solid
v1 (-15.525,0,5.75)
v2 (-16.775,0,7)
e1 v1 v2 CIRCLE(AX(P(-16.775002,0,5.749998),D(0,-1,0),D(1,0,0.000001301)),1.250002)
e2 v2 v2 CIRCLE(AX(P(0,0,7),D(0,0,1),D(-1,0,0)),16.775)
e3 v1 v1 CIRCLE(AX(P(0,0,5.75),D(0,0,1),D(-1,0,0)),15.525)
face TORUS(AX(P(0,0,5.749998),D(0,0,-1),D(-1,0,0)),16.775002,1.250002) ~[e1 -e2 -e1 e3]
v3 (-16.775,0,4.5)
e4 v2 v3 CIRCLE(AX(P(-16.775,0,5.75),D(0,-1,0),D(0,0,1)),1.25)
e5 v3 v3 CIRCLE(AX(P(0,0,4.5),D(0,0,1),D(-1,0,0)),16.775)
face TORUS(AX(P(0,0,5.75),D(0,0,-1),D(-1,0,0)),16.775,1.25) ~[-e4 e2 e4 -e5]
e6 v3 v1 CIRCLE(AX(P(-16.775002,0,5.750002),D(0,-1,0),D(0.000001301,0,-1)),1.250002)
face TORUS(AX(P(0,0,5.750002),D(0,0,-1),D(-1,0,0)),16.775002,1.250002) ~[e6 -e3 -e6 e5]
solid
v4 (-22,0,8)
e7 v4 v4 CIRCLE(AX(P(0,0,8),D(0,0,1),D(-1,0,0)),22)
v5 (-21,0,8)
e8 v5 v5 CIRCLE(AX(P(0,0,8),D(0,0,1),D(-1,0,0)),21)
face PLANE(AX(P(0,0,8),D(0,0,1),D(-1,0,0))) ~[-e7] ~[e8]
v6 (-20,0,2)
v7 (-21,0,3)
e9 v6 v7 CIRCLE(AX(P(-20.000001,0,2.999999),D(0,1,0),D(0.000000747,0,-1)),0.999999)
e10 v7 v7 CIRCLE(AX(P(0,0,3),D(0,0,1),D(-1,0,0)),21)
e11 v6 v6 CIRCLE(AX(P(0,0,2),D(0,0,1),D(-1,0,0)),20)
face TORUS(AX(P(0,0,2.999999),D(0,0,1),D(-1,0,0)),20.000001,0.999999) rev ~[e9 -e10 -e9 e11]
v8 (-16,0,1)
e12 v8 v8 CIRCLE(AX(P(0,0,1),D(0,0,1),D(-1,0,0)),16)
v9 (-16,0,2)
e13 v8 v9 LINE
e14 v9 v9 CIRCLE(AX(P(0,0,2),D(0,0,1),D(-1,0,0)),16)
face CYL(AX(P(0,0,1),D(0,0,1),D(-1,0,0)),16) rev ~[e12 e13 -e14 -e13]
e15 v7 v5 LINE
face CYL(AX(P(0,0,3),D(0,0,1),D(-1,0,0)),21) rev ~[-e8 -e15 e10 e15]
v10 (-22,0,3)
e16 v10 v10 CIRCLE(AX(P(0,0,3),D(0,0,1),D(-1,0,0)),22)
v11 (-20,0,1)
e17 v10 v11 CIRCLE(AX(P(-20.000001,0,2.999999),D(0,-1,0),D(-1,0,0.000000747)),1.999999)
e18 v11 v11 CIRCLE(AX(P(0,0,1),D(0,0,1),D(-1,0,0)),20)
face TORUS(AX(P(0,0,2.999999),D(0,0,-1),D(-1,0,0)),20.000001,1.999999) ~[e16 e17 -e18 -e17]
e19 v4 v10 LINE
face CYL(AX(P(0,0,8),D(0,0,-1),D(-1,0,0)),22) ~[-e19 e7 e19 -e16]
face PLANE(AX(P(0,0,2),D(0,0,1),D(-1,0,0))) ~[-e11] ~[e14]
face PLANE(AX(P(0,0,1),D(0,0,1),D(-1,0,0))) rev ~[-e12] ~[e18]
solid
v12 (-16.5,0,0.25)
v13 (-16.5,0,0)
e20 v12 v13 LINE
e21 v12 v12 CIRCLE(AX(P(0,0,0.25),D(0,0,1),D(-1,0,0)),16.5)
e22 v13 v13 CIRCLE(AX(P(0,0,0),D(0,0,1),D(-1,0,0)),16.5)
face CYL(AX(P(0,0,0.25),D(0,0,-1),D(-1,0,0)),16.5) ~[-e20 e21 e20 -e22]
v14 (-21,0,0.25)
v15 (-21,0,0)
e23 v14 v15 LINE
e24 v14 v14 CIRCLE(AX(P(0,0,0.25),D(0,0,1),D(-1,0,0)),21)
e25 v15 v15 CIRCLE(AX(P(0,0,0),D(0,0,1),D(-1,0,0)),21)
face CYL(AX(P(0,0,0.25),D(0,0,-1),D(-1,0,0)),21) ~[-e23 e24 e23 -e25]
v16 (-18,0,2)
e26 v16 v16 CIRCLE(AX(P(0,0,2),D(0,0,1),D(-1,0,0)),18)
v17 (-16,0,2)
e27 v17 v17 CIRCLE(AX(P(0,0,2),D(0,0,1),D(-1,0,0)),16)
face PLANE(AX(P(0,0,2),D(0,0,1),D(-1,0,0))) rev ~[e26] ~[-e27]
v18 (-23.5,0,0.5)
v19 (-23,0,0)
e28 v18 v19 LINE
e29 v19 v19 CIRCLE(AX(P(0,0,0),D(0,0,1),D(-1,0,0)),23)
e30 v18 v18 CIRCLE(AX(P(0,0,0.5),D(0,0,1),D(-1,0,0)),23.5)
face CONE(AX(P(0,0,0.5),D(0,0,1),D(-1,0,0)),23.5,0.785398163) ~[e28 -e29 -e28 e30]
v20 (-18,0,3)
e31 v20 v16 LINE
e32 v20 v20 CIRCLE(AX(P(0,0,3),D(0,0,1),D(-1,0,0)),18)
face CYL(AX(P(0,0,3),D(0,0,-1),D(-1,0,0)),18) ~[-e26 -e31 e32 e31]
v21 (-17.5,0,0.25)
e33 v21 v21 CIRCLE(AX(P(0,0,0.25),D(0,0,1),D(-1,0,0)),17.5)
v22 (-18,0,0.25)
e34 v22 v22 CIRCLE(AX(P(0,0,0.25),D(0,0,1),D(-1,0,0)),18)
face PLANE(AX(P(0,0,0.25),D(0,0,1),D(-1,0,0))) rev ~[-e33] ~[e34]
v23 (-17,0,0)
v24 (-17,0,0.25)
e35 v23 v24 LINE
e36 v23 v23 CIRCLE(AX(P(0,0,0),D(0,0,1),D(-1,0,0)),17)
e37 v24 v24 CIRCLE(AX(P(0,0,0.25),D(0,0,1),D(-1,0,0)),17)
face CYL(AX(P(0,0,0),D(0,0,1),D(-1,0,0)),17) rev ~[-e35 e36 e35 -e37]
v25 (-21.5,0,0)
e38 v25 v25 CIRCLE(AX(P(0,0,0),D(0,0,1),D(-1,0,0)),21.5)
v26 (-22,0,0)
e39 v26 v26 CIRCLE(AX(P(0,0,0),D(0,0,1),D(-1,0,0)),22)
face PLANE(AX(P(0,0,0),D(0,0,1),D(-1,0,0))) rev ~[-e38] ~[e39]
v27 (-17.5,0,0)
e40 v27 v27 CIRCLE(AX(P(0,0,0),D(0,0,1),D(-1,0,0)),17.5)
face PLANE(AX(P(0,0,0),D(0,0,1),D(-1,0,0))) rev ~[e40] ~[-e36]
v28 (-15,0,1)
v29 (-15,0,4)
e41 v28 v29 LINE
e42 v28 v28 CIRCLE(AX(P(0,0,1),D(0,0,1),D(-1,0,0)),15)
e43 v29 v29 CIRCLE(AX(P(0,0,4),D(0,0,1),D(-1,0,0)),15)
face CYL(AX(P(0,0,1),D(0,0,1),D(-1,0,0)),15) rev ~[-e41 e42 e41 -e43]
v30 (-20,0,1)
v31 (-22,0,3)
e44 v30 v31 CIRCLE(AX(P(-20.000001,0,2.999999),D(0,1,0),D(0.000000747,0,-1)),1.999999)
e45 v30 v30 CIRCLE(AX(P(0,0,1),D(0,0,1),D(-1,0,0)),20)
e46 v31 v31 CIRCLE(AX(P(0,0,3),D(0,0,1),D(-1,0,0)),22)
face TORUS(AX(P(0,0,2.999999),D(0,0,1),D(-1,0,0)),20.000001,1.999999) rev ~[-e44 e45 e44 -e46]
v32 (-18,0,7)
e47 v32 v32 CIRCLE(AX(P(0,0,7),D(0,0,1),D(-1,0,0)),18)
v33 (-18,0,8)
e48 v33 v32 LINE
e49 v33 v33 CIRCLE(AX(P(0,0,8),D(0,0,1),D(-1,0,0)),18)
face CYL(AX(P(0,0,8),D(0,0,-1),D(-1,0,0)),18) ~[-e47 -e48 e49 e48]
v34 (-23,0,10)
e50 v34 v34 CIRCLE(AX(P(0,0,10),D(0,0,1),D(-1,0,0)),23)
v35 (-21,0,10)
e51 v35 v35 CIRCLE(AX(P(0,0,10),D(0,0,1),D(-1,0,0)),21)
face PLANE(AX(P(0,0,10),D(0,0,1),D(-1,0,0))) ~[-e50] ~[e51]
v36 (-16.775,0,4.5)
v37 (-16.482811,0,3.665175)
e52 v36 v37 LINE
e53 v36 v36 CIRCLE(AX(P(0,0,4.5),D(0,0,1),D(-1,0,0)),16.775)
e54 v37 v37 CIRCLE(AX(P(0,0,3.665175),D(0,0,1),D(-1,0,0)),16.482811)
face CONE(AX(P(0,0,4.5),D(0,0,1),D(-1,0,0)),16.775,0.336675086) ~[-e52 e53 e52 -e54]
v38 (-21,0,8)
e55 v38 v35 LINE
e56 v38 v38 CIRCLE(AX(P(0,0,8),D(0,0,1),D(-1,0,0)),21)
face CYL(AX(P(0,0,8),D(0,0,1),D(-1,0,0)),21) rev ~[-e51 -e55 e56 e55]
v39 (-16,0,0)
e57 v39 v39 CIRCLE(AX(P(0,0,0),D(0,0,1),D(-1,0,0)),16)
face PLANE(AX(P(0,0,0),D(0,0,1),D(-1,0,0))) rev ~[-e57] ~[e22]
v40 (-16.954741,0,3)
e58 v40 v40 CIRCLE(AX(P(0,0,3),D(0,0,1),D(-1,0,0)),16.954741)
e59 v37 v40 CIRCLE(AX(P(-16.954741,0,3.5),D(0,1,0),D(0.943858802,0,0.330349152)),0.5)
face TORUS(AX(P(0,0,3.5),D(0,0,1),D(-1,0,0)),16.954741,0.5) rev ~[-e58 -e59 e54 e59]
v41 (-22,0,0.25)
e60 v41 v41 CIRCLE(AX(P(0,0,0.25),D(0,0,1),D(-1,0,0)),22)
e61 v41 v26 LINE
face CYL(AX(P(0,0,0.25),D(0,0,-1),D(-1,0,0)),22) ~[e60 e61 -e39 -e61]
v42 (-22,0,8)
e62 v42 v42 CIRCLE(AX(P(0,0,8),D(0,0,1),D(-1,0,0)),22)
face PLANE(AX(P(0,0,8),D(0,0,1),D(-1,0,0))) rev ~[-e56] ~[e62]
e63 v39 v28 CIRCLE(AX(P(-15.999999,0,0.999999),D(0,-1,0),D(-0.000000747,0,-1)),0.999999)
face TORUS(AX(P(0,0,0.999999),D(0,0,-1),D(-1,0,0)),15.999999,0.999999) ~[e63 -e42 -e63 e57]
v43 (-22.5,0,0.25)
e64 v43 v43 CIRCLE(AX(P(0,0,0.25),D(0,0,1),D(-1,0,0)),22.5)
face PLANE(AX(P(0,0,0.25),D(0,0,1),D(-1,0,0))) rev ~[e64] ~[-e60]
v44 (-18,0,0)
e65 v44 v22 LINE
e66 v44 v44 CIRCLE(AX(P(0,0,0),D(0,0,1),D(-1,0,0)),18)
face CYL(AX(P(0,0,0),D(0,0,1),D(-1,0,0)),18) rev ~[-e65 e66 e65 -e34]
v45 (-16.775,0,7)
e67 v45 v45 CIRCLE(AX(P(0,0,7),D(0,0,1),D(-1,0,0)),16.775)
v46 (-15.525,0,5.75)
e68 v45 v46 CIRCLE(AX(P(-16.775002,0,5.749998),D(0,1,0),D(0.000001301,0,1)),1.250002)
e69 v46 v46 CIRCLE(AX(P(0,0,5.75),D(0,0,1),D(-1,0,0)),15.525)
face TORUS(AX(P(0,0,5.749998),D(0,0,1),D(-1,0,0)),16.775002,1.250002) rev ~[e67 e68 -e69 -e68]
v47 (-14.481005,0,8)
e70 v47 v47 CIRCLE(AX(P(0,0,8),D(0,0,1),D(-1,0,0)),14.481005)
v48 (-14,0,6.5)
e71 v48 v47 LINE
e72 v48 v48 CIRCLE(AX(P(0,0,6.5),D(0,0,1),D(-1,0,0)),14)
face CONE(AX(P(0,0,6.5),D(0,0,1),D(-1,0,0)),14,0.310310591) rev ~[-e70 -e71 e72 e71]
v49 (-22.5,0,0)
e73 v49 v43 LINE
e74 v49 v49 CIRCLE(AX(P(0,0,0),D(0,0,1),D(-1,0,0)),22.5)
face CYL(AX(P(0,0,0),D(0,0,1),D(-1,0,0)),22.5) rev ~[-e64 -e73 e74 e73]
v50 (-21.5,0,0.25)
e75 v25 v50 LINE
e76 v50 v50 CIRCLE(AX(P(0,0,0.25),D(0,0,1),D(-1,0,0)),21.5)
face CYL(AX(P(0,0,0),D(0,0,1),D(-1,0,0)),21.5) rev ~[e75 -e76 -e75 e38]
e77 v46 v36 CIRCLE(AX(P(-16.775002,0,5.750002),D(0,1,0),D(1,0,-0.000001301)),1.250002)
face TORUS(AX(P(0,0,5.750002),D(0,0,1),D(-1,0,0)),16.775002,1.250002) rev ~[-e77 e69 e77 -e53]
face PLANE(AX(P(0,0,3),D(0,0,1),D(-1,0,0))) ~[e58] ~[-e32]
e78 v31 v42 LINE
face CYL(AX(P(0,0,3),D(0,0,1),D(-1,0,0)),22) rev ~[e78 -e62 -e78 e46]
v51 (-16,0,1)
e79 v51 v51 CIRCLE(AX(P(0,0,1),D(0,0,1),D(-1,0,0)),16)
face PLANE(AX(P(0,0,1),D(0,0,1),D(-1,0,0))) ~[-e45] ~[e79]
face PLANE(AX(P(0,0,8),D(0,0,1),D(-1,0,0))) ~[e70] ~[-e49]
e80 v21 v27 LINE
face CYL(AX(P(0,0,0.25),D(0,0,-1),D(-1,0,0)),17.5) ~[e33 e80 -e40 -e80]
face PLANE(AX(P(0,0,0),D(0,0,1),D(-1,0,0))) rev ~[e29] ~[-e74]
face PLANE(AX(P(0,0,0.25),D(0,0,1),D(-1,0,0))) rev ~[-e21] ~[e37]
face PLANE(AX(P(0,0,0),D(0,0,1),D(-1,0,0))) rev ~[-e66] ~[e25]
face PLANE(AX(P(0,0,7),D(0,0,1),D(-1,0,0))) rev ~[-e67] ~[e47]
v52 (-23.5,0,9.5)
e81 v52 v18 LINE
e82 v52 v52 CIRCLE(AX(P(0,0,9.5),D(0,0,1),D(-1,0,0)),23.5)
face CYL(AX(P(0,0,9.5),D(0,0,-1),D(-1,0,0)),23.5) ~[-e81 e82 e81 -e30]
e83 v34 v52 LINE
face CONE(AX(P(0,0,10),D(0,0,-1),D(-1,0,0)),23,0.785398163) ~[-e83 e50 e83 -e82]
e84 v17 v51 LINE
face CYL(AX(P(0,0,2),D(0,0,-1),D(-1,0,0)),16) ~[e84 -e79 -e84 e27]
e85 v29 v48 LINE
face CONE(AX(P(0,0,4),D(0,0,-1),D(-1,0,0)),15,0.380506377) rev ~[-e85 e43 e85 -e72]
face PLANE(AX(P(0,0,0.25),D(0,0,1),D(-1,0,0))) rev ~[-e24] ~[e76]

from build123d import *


with BuildPart() as f1:
    # F0 (on Front) → F1 (revolve)
    with BuildSketch(Plane.XZ):
        with BuildLine():
            ThreePointArc((-16.775, 7), (-18.025, 5.75), (-16.775, 4.5))
            ThreePointArc((-16.775, 4.5), (-15.891117, 4.866117), (-15.525, 5.75))
            ThreePointArc((-15.525, 5.75), (-15.891117, 6.633883), (-16.775, 7))
        make_face()
    revolve(axis=Axis((0, 0, 8.900777), (0, 0, 1)))


with BuildPart() as f2:
    # F0 (on Front) → F2 (revolve)
    with BuildSketch(Plane.XZ):
        with BuildLine():
            Line((-21, 3), (-21, 8))
            Line((-21, 8), (-22, 8))
            Line((-22, 8), (-22, 3))
            ThreePointArc((-22, 3), (-21.414214, 1.585786), (-20, 1))
            Line((-20, 1), (-16, 1))
            Line((-16, 1), (-16, 2))
            Line((-16, 2), (-18, 2))
            Line((-18, 2), (-20, 2))
            ThreePointArc((-20, 2), (-20.707107, 2.292893), (-21, 3))
        make_face()
    revolve(axis=Axis((0, 0, 8.900777), (0, 0, 1)))


with BuildPart() as f3:
    # F0 (on Front) → F3 (revolve)
    with BuildSketch(Plane.XZ):
        with BuildLine():
            Line((-21, 10), (-23, 10))
            Line((-23, 10), (-23.5, 9.5))
            Line((-23.5, 9.5), (-23.5, 0.5))
            Line((-23.5, 0.5), (-23, 0))
            Line((-23, 0), (-22.5, 0))
            Line((-22.5, 0), (-22.5, 0.25))
            Line((-22.5, 0.25), (-22, 0.25))
            Line((-22, 0.25), (-22, 0))
            Line((-22, 0), (-21.5, 0))
            Line((-21.5, 0), (-21.5, 0.25))
            Line((-21.5, 0.25), (-21, 0.25))
            Line((-21, 0.25), (-21, 0))
            Line((-21, 0), (-18, 0))
            Line((-18, 0), (-18, 0.25))
            Line((-18, 0.25), (-17.5, 0.25))
            Line((-17.5, 0.25), (-17.5, 0))
            Line((-17.5, 0), (-17, 0))
            Line((-17, 0), (-17, 0.25))
            Line((-17, 0.25), (-16.5, 0.25))
            Line((-16.5, 0.25), (-16.5, 0))
            Line((-16.5, 0), (-16, 0))
            ThreePointArc((-16, 0), (-15.292893, 0.292893), (-15, 1))
            Line((-15, 1), (-15, 4))
            Line((-15, 4), (-14, 6.5))
            Line((-14, 6.5), (-14.481005, 8))
            Line((-14.481005, 8), (-18, 8))
            Line((-18, 8), (-18, 7))
            Line((-18, 7), (-16.775, 7))
            ThreePointArc((-16.775, 7), (-15.891117, 6.633883), (-15.525, 5.75))
            ThreePointArc((-15.525, 5.75), (-15.891117, 4.866117), (-16.775, 4.5))
            Line((-16.775, 4.5), (-16.482811, 3.665175))
            ThreePointArc((-16.482811, 3.665175), (-16.546949, 3.21068), (-16.954741, 3))
            Line((-16.954741, 3), (-18, 3))
            Line((-18, 3), (-18, 2))
            Line((-18, 2), (-16, 2))
            Line((-16, 2), (-16, 1))
            Line((-16, 1), (-20, 1))
            ThreePointArc((-20, 1), (-21.414214, 1.585786), (-22, 3))
            Line((-22, 3), (-22, 8))
            Line((-22, 8), (-21, 8))
            Line((-21, 8), (-21, 10))
        make_face()
    revolve(axis=Axis((0, 0, 8.900777), (0, 0, 1)))


solid = Compound([f1.part, f2.part, f3.part])
